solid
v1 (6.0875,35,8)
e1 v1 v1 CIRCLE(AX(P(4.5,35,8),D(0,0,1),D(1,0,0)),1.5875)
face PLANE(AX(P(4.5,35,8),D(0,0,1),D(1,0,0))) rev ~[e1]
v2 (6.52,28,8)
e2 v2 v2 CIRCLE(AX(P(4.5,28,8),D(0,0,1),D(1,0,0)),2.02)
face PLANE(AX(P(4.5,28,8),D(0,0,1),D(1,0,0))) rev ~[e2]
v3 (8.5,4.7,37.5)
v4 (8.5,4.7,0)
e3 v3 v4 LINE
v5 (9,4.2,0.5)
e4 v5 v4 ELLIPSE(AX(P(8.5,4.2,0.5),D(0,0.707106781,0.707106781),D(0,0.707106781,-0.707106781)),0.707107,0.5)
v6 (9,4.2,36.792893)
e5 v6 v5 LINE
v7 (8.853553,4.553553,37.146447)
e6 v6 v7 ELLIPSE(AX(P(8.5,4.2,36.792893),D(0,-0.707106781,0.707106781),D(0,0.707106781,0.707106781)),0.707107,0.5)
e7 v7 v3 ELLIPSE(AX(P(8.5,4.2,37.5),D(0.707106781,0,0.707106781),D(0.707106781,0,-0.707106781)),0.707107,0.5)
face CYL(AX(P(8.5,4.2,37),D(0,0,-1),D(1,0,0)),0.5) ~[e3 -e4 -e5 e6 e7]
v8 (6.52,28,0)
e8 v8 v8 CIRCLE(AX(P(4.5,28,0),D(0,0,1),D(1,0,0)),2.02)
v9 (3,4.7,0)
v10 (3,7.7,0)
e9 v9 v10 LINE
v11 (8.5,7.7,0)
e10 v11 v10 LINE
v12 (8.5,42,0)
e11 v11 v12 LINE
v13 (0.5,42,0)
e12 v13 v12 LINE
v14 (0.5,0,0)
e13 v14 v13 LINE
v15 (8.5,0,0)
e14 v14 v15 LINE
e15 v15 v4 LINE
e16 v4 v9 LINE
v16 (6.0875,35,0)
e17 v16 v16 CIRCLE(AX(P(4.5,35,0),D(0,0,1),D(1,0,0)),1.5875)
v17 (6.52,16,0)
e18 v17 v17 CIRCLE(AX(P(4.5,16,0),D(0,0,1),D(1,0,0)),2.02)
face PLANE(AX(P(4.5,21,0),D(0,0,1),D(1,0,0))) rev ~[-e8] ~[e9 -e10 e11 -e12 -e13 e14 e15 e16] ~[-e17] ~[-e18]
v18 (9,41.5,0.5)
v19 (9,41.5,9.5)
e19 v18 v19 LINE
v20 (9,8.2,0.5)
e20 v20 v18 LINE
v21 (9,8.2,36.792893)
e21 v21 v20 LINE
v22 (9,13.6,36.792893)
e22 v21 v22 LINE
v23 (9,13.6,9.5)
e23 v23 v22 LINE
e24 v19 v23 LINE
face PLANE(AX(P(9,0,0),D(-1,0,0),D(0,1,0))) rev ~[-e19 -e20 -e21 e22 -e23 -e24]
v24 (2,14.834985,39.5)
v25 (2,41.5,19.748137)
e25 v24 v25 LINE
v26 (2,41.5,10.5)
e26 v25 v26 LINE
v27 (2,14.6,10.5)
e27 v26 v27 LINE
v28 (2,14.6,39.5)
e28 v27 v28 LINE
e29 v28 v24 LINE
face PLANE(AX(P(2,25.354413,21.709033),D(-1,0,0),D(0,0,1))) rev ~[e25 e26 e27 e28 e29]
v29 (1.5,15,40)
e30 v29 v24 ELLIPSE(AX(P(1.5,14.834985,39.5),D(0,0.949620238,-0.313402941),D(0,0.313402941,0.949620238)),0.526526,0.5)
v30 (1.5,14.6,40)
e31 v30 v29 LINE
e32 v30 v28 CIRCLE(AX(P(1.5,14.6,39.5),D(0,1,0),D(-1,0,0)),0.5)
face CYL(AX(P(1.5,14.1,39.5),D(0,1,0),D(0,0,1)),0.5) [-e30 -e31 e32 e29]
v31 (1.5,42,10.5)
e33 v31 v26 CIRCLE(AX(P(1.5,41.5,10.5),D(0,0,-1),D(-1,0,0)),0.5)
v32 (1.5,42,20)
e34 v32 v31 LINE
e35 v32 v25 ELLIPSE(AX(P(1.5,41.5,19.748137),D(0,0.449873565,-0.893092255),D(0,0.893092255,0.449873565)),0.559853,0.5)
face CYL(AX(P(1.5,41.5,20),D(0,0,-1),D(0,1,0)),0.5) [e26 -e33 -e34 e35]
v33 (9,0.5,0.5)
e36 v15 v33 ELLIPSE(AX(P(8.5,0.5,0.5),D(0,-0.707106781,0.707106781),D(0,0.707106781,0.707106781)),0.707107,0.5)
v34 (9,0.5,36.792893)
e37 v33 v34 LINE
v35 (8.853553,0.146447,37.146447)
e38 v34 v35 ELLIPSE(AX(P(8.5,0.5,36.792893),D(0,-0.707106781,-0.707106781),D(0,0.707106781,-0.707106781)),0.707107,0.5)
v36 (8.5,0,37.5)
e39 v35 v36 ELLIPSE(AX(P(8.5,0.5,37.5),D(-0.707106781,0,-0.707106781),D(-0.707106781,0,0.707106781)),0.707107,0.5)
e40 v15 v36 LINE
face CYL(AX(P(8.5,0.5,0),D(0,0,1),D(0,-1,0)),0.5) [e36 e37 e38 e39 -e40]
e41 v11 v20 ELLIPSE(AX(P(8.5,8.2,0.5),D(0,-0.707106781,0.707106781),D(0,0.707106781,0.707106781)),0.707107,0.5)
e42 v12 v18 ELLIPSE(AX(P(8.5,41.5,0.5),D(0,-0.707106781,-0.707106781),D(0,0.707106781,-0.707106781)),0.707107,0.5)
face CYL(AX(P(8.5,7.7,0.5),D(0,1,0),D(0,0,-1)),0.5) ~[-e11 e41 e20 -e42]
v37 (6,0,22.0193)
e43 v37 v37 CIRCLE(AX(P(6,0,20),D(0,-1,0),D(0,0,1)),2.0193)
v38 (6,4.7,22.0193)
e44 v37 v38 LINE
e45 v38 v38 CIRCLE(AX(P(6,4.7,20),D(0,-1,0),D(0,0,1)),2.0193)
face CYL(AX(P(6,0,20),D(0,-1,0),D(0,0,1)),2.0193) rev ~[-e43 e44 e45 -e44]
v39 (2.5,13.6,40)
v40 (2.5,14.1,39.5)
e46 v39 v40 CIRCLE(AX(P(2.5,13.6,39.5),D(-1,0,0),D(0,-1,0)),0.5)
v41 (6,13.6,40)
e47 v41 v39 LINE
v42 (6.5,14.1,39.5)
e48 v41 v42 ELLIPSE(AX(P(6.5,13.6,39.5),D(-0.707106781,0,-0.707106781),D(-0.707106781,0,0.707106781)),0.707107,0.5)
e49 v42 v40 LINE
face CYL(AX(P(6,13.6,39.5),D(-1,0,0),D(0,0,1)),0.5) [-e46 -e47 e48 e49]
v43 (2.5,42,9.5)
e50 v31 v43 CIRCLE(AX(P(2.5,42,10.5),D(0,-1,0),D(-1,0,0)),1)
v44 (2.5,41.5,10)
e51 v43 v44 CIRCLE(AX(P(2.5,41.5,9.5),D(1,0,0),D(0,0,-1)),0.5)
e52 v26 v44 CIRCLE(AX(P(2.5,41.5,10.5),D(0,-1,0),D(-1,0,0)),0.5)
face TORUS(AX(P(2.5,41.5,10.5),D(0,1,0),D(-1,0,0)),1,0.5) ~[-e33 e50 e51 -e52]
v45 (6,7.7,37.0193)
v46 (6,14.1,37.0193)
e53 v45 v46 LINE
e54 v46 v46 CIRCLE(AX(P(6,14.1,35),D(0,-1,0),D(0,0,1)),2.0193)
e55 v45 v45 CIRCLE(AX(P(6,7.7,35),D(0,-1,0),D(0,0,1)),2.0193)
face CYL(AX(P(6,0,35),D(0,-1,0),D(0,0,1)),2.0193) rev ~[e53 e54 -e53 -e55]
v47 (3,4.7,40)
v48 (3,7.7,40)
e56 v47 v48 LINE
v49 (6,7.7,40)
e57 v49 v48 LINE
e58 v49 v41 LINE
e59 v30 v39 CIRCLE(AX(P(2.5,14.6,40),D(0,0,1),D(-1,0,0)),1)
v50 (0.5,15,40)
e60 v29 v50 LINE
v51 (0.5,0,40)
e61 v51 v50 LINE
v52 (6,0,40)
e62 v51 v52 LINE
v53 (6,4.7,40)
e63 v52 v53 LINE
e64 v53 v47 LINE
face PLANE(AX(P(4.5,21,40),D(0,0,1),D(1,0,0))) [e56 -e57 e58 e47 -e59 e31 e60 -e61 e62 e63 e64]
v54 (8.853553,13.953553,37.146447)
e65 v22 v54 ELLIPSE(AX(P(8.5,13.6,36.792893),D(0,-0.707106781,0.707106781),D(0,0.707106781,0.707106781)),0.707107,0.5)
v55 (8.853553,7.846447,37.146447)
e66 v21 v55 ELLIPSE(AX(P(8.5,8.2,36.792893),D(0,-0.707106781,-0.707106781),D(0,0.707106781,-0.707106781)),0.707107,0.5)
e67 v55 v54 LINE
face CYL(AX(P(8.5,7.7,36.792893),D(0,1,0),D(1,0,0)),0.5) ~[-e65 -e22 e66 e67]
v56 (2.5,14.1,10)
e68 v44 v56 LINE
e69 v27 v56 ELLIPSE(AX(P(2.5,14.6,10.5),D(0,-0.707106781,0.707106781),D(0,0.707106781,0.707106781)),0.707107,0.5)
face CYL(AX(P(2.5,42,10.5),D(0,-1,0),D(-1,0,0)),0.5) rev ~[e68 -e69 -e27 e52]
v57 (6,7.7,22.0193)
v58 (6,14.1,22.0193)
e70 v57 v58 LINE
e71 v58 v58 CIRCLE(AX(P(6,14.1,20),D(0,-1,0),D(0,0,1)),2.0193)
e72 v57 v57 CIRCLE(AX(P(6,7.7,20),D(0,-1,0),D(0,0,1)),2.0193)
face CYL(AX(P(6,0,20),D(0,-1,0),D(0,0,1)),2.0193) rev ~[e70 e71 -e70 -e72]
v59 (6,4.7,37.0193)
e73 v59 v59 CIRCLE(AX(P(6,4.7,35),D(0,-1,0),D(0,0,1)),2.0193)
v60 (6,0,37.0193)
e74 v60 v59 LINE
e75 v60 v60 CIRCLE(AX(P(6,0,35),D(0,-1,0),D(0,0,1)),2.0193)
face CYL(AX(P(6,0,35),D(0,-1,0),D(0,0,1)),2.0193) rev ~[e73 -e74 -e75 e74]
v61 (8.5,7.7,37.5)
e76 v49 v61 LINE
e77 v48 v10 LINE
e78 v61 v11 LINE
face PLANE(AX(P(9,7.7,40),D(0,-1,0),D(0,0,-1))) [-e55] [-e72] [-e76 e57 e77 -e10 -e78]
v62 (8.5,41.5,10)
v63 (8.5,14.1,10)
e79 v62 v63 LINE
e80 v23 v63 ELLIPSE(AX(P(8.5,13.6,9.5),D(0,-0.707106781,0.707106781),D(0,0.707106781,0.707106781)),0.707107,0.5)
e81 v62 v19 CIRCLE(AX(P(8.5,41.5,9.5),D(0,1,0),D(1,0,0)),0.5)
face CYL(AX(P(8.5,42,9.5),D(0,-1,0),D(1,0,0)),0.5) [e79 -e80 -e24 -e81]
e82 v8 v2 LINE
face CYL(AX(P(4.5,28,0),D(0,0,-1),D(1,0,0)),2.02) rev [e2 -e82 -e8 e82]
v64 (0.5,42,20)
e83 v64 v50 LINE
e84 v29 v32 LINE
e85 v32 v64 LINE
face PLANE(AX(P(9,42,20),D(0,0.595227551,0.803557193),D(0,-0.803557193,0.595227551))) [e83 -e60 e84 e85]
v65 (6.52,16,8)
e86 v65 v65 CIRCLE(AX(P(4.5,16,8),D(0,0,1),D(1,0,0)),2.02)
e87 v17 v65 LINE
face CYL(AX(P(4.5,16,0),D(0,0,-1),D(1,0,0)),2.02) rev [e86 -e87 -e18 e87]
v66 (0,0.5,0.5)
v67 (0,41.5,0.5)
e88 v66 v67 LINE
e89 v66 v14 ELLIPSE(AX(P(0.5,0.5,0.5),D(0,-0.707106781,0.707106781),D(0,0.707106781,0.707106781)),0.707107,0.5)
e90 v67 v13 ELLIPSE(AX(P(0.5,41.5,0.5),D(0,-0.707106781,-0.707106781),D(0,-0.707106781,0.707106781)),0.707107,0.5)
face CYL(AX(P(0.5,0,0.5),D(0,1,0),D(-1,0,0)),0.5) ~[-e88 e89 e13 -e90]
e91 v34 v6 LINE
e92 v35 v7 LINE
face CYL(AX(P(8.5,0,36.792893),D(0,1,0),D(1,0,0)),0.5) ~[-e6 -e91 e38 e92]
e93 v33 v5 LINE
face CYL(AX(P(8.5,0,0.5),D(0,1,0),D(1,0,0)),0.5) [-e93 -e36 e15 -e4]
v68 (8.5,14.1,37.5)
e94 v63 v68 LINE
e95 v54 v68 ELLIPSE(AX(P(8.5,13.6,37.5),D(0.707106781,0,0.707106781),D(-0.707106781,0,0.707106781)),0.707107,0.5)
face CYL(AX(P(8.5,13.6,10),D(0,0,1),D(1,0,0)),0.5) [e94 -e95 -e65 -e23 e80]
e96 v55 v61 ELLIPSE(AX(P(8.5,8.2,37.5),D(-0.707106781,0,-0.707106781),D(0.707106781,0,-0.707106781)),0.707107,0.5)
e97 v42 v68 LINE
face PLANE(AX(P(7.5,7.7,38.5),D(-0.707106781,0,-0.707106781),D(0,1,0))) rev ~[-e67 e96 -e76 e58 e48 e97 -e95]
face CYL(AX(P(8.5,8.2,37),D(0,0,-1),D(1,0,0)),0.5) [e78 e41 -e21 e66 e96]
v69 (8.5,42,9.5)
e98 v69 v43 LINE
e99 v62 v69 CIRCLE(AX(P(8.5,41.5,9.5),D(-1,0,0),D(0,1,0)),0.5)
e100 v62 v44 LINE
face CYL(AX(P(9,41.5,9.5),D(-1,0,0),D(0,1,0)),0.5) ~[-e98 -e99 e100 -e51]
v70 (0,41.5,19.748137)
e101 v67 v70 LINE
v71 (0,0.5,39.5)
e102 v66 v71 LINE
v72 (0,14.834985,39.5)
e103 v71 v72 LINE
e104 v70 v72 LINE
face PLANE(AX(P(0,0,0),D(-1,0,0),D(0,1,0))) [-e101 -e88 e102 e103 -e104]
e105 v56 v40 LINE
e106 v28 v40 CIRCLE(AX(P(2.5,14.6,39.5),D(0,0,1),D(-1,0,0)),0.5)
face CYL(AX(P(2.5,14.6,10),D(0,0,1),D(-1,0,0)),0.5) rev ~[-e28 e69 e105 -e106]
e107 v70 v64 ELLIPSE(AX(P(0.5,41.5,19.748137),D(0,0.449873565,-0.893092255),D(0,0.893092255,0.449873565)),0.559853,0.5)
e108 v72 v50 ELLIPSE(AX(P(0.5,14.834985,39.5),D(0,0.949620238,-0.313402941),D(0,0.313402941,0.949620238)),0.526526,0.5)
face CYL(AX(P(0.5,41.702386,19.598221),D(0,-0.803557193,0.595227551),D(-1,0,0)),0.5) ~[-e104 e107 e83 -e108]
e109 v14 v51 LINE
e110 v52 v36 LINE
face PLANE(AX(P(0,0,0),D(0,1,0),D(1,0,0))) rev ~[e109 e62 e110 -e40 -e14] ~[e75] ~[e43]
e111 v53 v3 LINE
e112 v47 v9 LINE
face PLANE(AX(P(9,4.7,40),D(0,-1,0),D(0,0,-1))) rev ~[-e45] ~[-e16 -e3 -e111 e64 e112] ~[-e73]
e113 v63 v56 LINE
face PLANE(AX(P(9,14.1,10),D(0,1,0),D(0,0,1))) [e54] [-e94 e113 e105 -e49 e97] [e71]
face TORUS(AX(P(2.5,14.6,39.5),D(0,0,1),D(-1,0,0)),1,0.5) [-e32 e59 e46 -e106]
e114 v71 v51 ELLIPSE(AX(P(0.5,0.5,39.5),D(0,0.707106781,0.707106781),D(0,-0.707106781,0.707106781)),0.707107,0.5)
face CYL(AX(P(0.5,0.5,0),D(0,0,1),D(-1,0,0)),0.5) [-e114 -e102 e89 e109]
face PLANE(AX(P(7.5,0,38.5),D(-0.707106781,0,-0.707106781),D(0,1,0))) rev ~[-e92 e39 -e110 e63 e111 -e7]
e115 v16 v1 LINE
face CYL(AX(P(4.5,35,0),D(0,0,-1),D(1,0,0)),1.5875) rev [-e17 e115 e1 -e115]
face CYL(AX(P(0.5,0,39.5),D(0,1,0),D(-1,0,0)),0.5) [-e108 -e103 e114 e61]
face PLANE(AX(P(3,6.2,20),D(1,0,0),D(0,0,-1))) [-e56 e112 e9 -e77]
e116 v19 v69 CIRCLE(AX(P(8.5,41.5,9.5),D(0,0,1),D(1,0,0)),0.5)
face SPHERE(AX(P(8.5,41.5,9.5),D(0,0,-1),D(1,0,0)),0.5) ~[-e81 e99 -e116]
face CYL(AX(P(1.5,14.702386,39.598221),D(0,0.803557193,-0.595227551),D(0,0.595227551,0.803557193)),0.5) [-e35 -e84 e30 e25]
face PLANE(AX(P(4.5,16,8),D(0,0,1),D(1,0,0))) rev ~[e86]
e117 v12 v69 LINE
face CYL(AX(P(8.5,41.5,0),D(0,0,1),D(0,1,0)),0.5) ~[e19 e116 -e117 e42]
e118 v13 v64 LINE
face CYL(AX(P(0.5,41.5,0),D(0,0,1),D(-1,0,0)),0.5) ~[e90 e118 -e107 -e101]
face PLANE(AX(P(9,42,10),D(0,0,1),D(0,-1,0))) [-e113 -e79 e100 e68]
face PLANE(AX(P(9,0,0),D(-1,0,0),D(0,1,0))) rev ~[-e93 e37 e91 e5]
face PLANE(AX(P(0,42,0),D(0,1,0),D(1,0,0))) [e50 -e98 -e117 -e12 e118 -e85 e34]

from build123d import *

# Parameters (mm, degrees)
SKETCH1_W           = 9
SKETCH1_H           = 42
SKETCH1_R           = 2.02
SKETCH1_R_2         = 1.5875
BOSS_EXTRUDE1_DEPTH = 40
SKETCH1_3_R         = 2.02
SKETCH1_3_R_2       = 1.5875
CUT_EXTRUDE1_DEPTH  = 8
SKETCH2_W           = 40
SKETCH2_H           = 3
CUT_EXTRUDE2_DEPTH  = 6
CUT_EXTRUDE3_DEPTH  = 9
CUT_EXTRUDE6_DEPTH  = 7
SKETCH6_R           = 2.0193
CUT_EXTRUDE5_DEPTH  = 20
FILLET2_R           = 0.5
CHAMFER4_SIZE       = 3
FILLET3_R           = 0.5


with BuildPart() as part:
    # Sketch1 → Boss-Extrude1 (new body)
    # profile 1 of 4: a face of its own
    with BuildSketch(Plane.XY):
        with Locations((4.5, 21)):
            Rectangle(SKETCH1_W, SKETCH1_H)
        with Locations((4.5, 16)):
            Circle(SKETCH1_R, mode=Mode.SUBTRACT)
        with Locations((4.5, 28)):
            Circle(SKETCH1_R, mode=Mode.SUBTRACT)
    # profile 2 of 4: a face of its own
    with BuildSketch(Plane.XY):
        with Locations((4.5, 28)):
            Circle(SKETCH1_R)
    # profile 3 of 4: a face of its own
    with BuildSketch(Plane.XY):
        with Locations((4.5, 16)):
            Circle(SKETCH1_R)
    # profile 4 of 4: a face of its own
    with BuildSketch(Plane.XY):
        with Locations((4.5, 35)):
            Circle(SKETCH1_R_2)
    extrude(amount=BOSS_EXTRUDE1_DEPTH)

    # Sketch1<3> → Cut-Extrude1 (cut)
    with BuildSketch(Plane.XY):
        with Locations((4.5, 28)):
            Circle(SKETCH1_3_R)
        with Locations((4.5, 35)):
            Circle(SKETCH1_3_R_2)
        with Locations((4.5, 16)):
            Circle(SKETCH1_3_R)
    extrude(amount=CUT_EXTRUDE1_DEPTH, mode=Mode.SUBTRACT)

    # Sketch2 → Cut-Extrude2 (cut)
    with BuildSketch(Plane(origin=(9, 0, 0), x_dir=(0, 0, -1), z_dir=(1, 0, 0))):
        with Locations((-20, 6.2)):
            Rectangle(SKETCH2_W, SKETCH2_H)
    extrude(amount=-CUT_EXTRUDE2_DEPTH, mode=Mode.SUBTRACT)

    # Sketch3 → Cut-Extrude3 (cut)
    with BuildSketch(Plane(origin=(9, 0, 0), x_dir=(0, 0, -1), z_dir=(1, 0, 0))):
        Polygon((-20, 42), (-40, 15), (-48.379363257, 51.913157268), align=None)
    extrude(amount=-CUT_EXTRUDE3_DEPTH, mode=Mode.SUBTRACT)

    # Sketch5 → Cut-Extrude6 (cut)
    with BuildSketch(Plane.ZY.offset(-9)):
        Polygon((20, 42), (10, 42), (10, 14.1), (40, 14.1), (40, 15), align=None)
    extrude(amount=CUT_EXTRUDE6_DEPTH, mode=Mode.SUBTRACT)

    # Sketch6 → Cut-Extrude5 (cut)
    with BuildSketch(Plane.XZ):
        with Locations(Location((6, 35, 0), (0, 0, 90))):
            Circle(SKETCH6_R)
        with Locations(Location((6, 20, 0), (0, 0, 90))):
            Circle(SKETCH6_R)
    extrude(amount=-CUT_EXTRUDE5_DEPTH, mode=Mode.SUBTRACT)

    # Fillet2
    fillet2_edges = [part.edges().sort_by_distance(p)[0] for p in [
        (0, 0, 20),
        (0, 7.5, 40),
        (0, 42, 10),
        (0, 28.5, 30),
        (0, 21, 0),
    ]]
    fillet(fillet2_edges, radius=FILLET2_R)

    # Chamfer4
    chamfer4_edges = [part.edges().sort_by_distance(p)[0] for p in [
        (9, 2.35, 40),
        (9, 10.9, 40),
    ]]
    chamfer(chamfer4_edges, length=CHAMFER4_SIZE)

    # Fillet3
    fillet3_edges = [part.edges().sort_by_distance(p)[0] for p in [
        (9, 4.7, 18.5),
        (9, 0, 18.5),
        (9, 2.35, 37),
        (9, 10.9, 37),
        (9, 24.85, 0),
        (9, 7.7, 18.5),
        (9, 42, 5),
        (9, 14.1, 23.5),
        (2, 14.55, 40),
        (4, 14.1, 40),
        (2, 28.5, 30),
        (2, 42, 15),
        (9, 28.05, 10),
        (5.5, 42, 10),
        (2, 14.1, 25),
        (2, 28.05, 10),
        (9, 2.35, 0),
    ]]
    fillet(fillet3_edges, radius=FILLET3_R)


solid = part.part
